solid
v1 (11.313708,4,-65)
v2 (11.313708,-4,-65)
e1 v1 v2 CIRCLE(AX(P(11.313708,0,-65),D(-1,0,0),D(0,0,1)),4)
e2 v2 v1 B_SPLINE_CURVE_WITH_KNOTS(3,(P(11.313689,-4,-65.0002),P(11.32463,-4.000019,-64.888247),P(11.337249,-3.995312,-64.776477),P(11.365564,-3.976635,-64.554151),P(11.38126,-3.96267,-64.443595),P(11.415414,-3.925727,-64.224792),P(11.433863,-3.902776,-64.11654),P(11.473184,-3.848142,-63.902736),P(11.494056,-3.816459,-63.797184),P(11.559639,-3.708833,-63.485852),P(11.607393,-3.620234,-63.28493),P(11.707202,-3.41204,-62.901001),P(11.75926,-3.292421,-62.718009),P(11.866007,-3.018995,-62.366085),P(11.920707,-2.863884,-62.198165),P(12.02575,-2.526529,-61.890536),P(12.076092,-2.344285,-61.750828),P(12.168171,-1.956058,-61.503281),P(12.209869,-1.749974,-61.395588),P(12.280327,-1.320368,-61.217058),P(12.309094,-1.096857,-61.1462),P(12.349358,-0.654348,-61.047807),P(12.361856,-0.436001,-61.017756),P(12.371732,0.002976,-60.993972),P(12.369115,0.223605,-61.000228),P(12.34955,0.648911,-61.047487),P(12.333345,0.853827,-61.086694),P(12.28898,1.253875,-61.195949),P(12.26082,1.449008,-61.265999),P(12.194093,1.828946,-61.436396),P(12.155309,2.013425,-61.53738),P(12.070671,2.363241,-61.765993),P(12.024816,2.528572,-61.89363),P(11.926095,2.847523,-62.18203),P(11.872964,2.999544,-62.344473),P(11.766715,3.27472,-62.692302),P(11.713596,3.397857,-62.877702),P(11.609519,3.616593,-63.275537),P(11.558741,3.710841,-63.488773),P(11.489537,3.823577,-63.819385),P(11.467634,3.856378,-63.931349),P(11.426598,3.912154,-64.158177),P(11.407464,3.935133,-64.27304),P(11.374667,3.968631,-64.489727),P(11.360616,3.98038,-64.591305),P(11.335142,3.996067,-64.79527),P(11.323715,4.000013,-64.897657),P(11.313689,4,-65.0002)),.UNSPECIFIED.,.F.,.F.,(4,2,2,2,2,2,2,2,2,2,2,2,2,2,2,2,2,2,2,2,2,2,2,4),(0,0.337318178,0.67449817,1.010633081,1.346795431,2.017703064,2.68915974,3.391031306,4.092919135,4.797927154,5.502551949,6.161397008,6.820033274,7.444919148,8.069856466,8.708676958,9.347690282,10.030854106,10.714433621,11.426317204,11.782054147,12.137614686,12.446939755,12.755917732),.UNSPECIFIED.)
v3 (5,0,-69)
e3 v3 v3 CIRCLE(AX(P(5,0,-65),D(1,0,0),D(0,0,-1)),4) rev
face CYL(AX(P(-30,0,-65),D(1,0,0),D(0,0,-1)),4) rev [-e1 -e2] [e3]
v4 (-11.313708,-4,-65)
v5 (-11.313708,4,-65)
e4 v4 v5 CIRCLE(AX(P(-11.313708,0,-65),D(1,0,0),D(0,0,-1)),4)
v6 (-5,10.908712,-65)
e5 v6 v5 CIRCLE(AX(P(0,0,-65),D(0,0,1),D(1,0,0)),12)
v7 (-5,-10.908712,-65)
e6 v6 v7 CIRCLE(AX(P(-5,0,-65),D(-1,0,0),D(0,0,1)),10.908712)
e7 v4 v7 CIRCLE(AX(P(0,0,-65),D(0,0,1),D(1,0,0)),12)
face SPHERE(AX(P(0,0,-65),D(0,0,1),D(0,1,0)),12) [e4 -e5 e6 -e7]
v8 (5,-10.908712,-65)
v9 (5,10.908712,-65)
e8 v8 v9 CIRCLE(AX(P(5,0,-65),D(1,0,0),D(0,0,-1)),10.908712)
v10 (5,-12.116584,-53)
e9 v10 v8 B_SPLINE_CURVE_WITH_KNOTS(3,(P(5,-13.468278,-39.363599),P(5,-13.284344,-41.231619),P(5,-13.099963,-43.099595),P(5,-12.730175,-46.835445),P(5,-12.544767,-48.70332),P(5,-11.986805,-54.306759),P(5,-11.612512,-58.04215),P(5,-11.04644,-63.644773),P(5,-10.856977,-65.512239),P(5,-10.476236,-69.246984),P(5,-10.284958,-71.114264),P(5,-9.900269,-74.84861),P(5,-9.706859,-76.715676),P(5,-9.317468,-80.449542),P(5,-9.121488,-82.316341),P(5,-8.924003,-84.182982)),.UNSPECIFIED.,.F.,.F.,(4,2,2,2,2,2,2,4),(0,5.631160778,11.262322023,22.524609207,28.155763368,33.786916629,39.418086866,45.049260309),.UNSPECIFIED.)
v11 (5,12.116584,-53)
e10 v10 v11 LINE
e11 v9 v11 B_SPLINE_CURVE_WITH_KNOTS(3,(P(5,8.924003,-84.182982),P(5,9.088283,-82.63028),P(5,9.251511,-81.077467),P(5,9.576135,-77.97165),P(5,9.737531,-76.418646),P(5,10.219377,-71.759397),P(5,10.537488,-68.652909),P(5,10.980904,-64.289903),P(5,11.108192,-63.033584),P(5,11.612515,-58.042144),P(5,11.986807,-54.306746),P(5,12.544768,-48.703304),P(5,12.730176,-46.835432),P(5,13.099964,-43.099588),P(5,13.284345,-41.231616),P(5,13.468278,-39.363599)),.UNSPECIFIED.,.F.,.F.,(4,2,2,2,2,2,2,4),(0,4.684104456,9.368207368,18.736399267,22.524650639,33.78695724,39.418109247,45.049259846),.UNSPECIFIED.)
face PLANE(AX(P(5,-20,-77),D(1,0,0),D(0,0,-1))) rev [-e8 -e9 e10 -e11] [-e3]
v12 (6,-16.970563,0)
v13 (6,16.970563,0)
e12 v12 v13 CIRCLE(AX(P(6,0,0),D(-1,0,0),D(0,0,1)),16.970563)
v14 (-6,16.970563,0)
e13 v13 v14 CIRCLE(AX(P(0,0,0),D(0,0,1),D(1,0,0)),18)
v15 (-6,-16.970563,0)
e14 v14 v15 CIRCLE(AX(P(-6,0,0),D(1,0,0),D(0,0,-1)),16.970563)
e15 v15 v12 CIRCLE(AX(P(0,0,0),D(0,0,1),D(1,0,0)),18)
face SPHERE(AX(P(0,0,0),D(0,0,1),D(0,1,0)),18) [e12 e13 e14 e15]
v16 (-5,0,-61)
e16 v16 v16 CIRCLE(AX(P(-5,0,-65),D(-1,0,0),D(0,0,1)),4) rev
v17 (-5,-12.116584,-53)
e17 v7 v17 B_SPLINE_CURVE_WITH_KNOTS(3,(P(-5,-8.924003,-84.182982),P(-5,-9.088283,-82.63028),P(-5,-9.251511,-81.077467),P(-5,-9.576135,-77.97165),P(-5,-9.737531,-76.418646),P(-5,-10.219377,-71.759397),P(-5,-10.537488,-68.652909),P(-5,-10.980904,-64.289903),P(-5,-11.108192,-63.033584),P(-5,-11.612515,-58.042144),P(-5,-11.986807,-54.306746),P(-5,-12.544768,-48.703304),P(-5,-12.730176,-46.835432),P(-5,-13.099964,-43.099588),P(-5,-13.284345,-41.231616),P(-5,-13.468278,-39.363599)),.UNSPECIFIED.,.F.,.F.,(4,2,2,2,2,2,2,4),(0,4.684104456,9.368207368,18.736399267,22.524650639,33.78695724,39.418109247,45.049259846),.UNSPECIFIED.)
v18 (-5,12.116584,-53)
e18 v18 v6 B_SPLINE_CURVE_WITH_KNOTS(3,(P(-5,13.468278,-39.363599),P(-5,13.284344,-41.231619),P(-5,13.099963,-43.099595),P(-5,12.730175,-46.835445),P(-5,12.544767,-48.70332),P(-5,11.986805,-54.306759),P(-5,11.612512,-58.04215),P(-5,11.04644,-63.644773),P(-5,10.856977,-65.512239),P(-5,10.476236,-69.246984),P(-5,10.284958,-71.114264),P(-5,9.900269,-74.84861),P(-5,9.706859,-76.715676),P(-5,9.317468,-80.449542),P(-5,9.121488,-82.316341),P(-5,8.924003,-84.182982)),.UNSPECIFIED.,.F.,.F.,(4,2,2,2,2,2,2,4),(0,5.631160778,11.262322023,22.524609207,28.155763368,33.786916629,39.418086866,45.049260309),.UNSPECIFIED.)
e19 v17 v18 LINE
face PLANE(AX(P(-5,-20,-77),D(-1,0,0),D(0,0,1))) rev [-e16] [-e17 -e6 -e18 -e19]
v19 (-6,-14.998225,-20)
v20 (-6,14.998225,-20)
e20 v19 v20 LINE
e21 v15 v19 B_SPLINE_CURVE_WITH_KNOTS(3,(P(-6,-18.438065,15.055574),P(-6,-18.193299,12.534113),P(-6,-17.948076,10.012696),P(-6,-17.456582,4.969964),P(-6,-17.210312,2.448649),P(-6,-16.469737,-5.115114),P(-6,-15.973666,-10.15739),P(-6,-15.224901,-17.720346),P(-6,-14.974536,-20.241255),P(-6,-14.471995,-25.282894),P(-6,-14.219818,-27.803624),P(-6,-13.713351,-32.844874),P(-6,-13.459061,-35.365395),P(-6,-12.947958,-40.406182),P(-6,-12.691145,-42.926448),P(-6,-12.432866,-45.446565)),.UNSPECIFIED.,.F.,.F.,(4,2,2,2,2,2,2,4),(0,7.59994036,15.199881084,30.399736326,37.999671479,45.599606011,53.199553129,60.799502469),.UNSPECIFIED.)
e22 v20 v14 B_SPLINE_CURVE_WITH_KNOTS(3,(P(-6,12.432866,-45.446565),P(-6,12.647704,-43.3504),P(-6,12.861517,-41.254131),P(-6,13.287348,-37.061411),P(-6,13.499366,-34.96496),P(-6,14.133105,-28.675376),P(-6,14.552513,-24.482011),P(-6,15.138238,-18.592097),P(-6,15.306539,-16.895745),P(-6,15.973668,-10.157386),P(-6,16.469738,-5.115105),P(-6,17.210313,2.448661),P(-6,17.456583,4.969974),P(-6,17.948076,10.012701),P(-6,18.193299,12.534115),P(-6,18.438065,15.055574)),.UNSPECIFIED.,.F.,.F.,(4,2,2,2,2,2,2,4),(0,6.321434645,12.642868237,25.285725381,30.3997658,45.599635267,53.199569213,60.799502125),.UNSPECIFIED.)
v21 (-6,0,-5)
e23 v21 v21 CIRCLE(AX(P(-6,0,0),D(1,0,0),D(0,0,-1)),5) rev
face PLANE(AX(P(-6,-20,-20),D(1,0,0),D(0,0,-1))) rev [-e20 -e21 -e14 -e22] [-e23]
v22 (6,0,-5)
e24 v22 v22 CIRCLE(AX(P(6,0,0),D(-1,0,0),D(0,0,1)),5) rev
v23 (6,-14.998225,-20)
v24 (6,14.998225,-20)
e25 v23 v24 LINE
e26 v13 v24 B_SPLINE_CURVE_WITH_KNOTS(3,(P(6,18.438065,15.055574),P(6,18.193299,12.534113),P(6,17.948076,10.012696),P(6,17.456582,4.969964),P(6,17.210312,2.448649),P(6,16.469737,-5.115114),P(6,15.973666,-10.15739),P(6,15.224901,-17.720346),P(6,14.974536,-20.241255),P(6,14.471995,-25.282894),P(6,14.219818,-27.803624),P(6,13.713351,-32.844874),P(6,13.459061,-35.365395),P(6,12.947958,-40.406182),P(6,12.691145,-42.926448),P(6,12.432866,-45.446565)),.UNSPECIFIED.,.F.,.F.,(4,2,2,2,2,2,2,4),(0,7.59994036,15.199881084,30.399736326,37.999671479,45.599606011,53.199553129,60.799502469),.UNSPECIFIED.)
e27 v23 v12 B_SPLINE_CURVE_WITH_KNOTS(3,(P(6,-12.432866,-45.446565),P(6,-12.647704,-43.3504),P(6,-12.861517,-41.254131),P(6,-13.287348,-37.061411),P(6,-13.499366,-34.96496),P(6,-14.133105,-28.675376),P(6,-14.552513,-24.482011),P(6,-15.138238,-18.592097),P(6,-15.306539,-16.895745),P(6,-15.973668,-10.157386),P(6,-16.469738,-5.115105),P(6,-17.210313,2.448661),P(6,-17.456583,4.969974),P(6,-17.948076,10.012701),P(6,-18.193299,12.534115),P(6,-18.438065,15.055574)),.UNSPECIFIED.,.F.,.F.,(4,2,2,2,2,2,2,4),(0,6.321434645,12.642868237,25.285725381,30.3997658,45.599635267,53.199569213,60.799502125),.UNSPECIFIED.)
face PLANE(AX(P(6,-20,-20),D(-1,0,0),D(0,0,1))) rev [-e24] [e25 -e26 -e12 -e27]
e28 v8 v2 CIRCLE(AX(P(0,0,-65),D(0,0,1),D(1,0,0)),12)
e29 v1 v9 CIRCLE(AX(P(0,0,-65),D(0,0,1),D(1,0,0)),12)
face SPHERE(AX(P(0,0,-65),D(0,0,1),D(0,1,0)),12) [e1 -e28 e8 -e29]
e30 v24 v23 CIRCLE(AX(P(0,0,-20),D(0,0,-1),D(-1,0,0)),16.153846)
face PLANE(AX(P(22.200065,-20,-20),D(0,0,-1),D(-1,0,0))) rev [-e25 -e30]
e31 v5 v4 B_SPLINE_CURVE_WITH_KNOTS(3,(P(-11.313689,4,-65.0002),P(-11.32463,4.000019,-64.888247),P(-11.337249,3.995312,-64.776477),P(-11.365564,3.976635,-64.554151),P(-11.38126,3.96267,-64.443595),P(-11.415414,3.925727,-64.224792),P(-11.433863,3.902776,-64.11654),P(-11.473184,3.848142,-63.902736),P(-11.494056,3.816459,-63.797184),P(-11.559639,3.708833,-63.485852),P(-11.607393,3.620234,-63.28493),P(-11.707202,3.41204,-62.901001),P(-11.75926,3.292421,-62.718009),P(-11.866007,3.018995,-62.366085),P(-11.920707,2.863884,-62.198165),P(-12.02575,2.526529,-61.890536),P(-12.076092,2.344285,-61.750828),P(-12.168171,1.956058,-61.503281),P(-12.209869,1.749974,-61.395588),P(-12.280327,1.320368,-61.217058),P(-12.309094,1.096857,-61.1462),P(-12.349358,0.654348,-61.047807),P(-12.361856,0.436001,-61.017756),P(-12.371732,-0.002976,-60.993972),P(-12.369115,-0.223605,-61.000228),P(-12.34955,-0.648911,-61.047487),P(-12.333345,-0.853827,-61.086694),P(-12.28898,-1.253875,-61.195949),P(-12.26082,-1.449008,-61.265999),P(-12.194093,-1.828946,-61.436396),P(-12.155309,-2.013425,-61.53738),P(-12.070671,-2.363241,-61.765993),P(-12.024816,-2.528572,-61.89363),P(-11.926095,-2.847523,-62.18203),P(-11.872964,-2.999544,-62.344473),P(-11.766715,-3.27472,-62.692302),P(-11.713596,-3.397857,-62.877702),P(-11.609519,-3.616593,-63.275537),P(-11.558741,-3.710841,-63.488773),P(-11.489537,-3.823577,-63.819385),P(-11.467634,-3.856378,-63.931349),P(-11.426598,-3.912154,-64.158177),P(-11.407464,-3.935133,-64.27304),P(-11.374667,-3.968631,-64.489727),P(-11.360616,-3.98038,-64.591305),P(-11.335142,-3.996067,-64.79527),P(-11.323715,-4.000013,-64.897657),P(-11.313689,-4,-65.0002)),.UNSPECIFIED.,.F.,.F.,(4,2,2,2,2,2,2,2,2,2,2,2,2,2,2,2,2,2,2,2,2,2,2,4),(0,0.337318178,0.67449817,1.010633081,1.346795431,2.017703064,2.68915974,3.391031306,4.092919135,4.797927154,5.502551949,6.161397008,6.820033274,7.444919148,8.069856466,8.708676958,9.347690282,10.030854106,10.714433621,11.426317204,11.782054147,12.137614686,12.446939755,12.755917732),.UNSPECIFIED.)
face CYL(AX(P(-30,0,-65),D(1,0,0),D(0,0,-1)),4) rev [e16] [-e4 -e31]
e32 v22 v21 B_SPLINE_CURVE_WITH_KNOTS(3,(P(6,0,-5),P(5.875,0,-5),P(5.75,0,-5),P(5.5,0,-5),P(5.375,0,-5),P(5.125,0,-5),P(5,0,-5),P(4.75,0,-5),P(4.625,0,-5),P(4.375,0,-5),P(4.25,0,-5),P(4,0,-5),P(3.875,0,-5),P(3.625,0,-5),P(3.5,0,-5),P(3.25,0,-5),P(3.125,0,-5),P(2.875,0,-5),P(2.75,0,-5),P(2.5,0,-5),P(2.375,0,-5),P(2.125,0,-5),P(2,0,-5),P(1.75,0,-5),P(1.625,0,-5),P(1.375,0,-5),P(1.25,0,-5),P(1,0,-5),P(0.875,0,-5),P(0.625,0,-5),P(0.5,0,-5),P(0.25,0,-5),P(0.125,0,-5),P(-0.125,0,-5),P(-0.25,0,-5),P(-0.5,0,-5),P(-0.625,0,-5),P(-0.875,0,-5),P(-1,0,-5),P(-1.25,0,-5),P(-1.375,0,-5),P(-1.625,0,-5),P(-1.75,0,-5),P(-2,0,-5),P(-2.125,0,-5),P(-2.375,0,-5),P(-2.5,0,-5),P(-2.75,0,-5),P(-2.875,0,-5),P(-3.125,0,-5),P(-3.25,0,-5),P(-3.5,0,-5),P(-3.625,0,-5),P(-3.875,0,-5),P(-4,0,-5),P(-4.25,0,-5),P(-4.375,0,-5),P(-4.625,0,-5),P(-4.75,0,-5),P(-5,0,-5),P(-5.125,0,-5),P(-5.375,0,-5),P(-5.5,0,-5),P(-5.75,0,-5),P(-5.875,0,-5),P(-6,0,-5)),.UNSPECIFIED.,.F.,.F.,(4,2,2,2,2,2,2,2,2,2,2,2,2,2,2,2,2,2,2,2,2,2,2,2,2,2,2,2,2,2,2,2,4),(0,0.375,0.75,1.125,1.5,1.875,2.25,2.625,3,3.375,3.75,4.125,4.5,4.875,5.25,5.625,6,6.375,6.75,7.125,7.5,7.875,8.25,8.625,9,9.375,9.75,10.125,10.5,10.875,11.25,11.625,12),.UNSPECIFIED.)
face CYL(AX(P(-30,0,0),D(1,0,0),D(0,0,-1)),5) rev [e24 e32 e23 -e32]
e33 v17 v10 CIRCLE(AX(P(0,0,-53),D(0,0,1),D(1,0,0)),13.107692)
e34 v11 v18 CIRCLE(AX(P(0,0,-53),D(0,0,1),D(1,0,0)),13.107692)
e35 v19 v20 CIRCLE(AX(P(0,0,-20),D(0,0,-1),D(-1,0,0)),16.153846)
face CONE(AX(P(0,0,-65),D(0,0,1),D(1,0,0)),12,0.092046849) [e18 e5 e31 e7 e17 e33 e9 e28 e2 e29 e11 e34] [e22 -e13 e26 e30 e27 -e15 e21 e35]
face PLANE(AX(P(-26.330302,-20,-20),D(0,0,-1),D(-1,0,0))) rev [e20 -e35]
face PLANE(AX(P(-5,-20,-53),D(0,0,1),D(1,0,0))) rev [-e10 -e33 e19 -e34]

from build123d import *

# Parameters (mm, degrees)
SKETCH2_R          = 5
SKETCH2_R_2        = 4
CUT_EXTRUDE1_DEPTH = 30
SKETCH3_W          = 20.330301562
SKETCH3_H          = 41.442025473
SKETCH3_W_2        = 16.200064503
SKETCH3_H_2        = 44.818824912
CUT_EXTRUDE2_DEPTH = 20
SKETCH4_W          = 10
SKETCH4_H          = 24
CUT_EXTRUDE3_DEPTH = 20


with BuildPart() as part:
    # Sketch1 → Revolve1 (revolve)
    with BuildSketch(Plane(origin=(0, 0, 0), x_dir=(0, 0, -1), z_dir=(1, 0, 0))):
        with BuildLine():
            Line((-18, 0), (77, 0))
            ThreePointArc((77, 0), (73.485281374, 8.485281374), (65, 12))
            Line((65, 12), (0, 18))
            ThreePointArc((0, 18), (-12.727922061, 12.727922061), (-18, 0))
        make_face()
    revolve(axis=Axis((0, 0, 43.473022029), (0, 0, -1)))

    # Sketch2 → Cut-Extrude1 (cut, symmetric)
    with BuildSketch(Plane(origin=(0, 0, 0), x_dir=(0, 0, -1), z_dir=(1, 0, 0))):
        with Locations(Location((0, 0, 0), (0, 0, 270))):
            Circle(SKETCH2_R)
        with Locations(Location((65, 0, 0), (0, 0, 90))):
            Circle(SKETCH2_R_2)
    extrude(amount=CUT_EXTRUDE1_DEPTH, both=True, mode=Mode.SUBTRACT)

    # Sketch3 → Cut-Extrude2 (cut, symmetric)
    with BuildSketch(Plane(origin=(0, 0, 0), x_dir=(1, 0, 0), z_dir=(0, 1, 0))):
        with Locations((-16.165150781, -0.721012737)):
            Rectangle(SKETCH3_W, SKETCH3_H)
        with Locations((14.100032252, -2.409412456)):
            Rectangle(SKETCH3_W_2, SKETCH3_H_2)
    extrude(amount=CUT_EXTRUDE2_DEPTH, both=True, mode=Mode.SUBTRACT)

    # Sketch4 → Cut-Extrude3 (cut, symmetric)
    with BuildSketch(Plane(origin=(0, 0, 0), x_dir=(1, 0, 0), z_dir=(0, 1, 0))):
        with Locations((0, 65)):
            Rectangle(SKETCH4_W, SKETCH4_H)
    extrude(amount=CUT_EXTRUDE3_DEPTH, both=True, mode=Mode.SUBTRACT)


solid = part.part
